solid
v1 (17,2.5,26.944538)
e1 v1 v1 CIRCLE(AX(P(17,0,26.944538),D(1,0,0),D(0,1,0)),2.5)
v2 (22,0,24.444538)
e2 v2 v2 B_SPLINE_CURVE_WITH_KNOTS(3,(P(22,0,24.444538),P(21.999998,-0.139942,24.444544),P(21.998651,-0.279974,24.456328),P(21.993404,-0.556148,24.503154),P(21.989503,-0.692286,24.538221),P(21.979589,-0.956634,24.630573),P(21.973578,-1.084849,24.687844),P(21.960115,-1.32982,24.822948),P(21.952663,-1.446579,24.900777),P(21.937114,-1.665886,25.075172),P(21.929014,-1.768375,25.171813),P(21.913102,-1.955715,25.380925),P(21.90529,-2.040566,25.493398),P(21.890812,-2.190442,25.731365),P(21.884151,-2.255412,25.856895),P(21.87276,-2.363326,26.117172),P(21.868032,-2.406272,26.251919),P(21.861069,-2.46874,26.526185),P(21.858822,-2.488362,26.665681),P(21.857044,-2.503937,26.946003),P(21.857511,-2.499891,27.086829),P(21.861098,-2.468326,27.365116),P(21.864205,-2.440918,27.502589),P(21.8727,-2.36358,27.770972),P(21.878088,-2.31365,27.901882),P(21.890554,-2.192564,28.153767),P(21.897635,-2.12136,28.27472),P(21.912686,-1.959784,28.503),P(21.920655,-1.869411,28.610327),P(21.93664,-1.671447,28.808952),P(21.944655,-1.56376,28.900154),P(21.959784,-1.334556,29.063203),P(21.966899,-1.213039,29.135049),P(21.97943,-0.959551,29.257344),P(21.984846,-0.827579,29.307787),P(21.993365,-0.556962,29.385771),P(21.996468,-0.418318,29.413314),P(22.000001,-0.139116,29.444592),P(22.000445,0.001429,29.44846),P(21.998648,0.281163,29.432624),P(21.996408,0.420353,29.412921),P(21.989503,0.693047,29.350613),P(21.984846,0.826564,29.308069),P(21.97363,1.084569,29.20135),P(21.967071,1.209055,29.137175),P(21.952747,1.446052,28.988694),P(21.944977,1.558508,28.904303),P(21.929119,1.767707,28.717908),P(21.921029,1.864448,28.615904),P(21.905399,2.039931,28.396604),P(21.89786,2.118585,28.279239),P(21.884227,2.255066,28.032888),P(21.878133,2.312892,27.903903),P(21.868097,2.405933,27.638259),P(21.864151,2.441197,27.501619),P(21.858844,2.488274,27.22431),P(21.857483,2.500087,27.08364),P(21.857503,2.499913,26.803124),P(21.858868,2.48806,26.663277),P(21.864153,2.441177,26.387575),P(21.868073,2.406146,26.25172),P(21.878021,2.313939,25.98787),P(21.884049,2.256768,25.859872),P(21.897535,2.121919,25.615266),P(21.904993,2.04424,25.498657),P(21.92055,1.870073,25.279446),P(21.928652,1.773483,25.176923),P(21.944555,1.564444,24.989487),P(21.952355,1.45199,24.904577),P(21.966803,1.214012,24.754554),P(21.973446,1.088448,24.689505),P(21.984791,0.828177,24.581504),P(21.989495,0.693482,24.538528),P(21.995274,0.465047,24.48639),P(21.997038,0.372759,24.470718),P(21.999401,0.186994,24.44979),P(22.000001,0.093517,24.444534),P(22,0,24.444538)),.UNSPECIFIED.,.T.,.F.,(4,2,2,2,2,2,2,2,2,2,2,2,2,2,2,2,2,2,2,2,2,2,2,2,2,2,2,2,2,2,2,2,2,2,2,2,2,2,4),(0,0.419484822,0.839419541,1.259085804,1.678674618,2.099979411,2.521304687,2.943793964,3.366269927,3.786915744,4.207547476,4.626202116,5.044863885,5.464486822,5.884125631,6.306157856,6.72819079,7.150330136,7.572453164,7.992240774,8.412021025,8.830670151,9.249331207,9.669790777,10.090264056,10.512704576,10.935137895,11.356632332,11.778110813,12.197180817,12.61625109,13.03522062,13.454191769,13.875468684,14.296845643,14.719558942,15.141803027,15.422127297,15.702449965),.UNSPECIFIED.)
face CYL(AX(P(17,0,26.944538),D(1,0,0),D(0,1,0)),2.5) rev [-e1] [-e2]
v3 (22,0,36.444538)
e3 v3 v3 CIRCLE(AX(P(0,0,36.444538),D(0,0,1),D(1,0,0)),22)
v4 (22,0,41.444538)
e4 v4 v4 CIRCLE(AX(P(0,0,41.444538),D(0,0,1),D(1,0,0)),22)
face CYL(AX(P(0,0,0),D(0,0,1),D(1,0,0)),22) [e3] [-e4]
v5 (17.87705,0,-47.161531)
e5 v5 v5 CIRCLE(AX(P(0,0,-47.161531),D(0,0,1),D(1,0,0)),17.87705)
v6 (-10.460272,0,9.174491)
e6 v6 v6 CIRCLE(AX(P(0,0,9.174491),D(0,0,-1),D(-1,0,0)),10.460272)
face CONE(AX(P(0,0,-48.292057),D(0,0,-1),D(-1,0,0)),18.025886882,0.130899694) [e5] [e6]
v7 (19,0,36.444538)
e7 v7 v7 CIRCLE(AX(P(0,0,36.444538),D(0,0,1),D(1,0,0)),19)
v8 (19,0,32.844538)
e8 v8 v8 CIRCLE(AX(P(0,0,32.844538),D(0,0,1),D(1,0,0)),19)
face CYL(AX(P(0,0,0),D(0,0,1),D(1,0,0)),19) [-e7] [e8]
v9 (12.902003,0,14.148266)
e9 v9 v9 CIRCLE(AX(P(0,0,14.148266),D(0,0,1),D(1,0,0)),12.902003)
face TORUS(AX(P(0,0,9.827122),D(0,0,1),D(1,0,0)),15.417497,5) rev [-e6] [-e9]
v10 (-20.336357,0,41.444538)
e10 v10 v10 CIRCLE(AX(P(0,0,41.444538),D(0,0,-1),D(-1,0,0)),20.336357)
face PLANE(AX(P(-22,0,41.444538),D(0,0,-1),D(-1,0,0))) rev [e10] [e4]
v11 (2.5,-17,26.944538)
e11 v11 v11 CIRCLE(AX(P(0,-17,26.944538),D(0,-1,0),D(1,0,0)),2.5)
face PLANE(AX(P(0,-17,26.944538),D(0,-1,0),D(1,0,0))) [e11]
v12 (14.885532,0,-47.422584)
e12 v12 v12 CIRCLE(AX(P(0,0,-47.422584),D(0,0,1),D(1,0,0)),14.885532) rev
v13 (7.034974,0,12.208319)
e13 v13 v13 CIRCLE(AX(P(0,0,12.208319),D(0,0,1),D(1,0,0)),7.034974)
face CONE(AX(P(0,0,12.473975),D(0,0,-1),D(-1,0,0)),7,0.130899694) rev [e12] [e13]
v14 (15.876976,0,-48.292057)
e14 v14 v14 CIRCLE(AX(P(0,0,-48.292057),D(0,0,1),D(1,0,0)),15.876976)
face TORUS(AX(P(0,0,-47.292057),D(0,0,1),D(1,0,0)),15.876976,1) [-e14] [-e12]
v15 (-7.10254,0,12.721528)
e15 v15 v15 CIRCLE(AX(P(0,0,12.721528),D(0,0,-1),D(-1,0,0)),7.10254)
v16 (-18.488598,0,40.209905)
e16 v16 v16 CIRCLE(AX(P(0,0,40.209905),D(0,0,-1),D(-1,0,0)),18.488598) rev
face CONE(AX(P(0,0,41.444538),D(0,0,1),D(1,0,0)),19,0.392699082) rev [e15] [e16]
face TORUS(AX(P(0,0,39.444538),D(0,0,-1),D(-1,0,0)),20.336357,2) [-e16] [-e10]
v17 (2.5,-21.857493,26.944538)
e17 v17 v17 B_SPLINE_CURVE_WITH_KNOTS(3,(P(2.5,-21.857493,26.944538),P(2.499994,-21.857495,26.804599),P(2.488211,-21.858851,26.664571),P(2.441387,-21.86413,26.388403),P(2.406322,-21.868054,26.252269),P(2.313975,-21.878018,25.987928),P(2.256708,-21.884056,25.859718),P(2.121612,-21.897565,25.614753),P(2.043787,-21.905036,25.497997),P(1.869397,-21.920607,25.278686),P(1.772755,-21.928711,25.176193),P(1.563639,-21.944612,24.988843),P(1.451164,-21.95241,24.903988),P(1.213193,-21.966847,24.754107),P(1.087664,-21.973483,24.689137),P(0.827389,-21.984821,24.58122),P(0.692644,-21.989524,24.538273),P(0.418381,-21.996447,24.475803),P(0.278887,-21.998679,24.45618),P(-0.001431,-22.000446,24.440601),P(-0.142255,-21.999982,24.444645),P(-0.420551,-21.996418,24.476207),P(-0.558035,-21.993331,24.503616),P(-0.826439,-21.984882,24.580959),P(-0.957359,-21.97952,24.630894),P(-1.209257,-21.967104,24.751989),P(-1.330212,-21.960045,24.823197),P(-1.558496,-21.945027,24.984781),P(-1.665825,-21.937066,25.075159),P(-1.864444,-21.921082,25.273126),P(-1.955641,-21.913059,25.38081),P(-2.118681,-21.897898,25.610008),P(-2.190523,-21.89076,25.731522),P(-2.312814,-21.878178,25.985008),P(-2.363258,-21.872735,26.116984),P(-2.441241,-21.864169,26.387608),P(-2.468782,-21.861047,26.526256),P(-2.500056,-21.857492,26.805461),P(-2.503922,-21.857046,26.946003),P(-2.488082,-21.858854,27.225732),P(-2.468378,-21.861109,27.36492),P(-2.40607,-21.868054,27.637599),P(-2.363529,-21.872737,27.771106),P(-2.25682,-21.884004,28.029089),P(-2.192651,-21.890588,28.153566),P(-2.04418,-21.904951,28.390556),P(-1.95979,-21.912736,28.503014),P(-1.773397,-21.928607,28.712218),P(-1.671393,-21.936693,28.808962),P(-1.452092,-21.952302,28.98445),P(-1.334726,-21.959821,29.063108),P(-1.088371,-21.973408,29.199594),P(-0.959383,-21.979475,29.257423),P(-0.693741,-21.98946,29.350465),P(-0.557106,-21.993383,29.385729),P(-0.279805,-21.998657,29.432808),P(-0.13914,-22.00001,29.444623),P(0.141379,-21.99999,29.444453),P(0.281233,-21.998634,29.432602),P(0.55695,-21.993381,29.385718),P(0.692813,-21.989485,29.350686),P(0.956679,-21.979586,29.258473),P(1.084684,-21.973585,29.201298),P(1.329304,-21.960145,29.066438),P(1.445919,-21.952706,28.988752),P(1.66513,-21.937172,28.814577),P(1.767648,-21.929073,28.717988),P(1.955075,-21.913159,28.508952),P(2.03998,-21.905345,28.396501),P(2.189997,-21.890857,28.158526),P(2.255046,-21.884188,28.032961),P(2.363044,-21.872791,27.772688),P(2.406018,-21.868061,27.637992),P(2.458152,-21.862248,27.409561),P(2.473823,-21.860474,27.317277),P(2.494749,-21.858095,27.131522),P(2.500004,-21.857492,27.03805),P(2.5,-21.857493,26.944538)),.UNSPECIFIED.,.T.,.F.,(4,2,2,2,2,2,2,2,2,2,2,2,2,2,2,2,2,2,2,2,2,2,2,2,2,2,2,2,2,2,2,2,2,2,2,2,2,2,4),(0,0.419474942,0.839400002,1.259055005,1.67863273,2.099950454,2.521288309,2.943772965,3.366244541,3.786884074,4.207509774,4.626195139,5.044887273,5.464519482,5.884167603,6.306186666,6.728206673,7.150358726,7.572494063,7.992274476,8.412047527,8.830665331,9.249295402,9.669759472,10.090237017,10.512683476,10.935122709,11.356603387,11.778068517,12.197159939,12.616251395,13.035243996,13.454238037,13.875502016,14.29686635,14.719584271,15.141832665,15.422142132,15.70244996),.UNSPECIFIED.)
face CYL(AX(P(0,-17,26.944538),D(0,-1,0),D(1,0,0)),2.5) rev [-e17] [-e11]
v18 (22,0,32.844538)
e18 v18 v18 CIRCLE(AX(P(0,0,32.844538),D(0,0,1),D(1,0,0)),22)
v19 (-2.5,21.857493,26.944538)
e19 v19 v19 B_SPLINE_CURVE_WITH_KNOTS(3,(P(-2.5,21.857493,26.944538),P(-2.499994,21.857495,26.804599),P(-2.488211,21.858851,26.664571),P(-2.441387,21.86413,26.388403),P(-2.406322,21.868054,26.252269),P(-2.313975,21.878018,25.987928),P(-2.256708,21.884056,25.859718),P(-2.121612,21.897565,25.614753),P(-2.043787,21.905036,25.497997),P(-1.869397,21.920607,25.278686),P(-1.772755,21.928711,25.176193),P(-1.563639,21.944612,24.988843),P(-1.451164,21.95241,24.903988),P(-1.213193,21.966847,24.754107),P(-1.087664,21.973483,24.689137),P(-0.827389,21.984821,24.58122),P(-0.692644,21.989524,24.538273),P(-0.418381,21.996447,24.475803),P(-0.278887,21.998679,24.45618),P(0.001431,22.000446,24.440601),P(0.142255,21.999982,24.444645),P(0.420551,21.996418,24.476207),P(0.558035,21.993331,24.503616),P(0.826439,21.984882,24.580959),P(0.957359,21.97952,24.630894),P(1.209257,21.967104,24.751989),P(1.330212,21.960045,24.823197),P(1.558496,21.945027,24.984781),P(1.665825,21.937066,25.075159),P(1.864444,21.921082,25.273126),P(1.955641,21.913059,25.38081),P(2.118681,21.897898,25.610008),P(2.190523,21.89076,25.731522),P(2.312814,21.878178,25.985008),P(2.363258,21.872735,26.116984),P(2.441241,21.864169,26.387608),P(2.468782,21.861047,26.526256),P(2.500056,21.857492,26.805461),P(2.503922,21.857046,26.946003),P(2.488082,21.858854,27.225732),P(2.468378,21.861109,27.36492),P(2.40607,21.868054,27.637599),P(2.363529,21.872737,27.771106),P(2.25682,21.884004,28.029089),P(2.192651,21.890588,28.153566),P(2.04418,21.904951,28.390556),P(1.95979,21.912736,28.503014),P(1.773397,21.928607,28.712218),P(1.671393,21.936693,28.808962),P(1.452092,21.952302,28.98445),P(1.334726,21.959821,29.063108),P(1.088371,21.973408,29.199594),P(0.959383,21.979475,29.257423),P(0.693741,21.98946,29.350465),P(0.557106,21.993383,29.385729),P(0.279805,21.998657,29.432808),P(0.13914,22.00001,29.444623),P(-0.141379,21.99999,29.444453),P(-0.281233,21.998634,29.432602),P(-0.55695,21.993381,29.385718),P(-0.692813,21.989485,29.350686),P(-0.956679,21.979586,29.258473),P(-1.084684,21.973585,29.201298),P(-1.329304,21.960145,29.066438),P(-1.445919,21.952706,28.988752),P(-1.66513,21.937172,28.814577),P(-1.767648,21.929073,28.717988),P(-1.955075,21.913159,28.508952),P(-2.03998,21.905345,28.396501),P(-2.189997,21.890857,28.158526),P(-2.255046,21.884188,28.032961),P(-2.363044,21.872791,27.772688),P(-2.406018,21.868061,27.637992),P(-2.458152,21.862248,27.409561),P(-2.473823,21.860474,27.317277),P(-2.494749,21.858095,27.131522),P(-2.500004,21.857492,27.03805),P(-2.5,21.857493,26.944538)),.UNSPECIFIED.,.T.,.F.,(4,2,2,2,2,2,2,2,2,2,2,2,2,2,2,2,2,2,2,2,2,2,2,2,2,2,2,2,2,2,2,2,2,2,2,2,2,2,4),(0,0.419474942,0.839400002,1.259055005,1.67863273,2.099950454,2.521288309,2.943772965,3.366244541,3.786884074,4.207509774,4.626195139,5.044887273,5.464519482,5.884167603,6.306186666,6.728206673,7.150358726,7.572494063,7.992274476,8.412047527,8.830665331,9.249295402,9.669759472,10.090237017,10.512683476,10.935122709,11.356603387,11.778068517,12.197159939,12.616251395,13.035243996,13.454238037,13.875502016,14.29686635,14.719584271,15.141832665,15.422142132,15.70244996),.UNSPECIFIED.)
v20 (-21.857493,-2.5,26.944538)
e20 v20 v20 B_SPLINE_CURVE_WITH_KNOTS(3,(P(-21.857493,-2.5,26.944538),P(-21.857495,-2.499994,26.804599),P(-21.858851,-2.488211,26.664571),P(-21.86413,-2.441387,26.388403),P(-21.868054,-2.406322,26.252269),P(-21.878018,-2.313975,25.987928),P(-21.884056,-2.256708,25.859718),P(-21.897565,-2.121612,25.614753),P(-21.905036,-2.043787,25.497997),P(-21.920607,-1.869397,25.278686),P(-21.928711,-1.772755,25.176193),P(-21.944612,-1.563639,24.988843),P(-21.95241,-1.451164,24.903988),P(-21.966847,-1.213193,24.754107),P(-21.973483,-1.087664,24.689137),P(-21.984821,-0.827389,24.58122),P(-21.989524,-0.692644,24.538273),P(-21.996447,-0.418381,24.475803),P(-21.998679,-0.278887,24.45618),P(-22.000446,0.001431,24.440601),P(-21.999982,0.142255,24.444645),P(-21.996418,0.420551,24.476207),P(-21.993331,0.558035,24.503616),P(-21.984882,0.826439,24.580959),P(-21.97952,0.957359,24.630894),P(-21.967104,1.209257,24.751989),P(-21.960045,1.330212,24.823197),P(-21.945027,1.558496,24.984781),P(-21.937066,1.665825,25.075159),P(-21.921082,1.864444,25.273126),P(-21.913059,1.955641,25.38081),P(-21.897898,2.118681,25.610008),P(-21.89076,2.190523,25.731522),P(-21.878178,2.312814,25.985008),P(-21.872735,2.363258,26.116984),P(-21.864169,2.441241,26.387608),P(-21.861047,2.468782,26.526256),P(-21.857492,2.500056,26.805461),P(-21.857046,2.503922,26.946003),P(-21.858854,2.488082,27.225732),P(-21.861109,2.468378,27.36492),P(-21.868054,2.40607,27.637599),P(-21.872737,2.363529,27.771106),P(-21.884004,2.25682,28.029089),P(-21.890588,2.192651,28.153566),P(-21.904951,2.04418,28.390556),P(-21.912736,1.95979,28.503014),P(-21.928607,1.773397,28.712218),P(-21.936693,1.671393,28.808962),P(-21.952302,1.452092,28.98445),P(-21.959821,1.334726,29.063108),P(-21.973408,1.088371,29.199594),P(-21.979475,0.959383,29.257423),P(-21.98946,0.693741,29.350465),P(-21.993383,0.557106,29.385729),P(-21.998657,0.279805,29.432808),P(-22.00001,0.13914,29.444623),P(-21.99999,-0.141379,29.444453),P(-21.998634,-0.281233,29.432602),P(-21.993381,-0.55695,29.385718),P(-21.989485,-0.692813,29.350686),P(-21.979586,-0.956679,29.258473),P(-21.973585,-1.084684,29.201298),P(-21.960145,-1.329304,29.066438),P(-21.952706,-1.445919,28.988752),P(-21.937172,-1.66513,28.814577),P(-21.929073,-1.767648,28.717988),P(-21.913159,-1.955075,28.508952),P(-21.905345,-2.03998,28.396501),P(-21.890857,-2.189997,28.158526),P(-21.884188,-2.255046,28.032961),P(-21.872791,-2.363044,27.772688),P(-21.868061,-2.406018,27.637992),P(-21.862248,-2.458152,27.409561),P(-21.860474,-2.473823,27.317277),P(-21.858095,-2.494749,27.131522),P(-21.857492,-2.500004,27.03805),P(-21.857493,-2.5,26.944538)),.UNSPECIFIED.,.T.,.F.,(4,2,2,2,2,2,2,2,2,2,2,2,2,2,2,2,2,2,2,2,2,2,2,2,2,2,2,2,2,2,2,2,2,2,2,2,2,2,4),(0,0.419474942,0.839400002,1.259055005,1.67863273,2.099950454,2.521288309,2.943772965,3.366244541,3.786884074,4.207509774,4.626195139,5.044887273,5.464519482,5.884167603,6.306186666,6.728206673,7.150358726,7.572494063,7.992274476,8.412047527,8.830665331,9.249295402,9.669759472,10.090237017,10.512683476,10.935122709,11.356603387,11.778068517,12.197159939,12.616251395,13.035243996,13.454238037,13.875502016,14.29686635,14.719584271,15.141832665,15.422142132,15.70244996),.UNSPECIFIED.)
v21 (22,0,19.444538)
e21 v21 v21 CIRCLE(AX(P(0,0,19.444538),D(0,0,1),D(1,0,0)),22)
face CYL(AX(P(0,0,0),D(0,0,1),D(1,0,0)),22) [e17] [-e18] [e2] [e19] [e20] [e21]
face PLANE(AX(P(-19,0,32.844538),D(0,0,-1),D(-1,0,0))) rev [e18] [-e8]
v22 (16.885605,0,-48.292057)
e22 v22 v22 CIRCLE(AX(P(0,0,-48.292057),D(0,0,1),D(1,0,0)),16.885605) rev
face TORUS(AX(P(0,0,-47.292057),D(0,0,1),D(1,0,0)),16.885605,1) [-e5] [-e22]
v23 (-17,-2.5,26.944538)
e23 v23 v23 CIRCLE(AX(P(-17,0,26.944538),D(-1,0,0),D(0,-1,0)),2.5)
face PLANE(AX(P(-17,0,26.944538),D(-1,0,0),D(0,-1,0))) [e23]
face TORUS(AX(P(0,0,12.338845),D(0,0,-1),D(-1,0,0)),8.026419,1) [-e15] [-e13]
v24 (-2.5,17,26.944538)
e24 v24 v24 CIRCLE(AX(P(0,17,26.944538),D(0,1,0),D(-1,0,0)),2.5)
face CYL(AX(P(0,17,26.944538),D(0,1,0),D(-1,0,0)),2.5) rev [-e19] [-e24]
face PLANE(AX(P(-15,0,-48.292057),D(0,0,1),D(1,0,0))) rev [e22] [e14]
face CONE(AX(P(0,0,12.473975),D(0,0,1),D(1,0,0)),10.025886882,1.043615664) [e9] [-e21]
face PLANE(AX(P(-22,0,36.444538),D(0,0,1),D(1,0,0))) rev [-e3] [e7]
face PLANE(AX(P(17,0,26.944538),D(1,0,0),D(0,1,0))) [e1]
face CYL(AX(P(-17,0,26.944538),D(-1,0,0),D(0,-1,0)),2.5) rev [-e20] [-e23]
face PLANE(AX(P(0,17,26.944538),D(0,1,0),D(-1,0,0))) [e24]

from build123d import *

# Parameters (mm, degrees)
FILETE5_R             = 1
ESBO_O2_R             = 2.5
CORTE_EXTRUS_O1_DEPTH = 5
PADR_OCIRCULAR1_COUNT = 4
FILETE6_R             = 5
FILETE7_R             = 1
FILETE8_R             = 2


with BuildPart() as part:
    # Esboço1 → Revolução1 (revolve)
    with BuildSketch(Plane(origin=(0, 0, 0), x_dir=(1, 0, 0), z_dir=(0, 1, 0))):
        Polygon((-7, -12.473975434), (-15, 48.292057468), (-18.025886882, 48.292057468), (-10.025886882, -12.473975434), (-22, -19.444538182), (-22, -32.844538182), (-19, -32.844538182), (-19, -36.444538182), (-22, -36.444538182), (-22, -41.444538182), (-19, -41.444538182), align=None)
    revolve(axis=Axis((0, 0, 0), (0, 0, -1)))

    # Filete5
    filete5_edges = [part.edges().sort_by_distance(p)[0] for p in [
        (7, 0, 12.473975434),
    ]]
    fillet(filete5_edges, radius=FILETE5_R)

    # Esboço2 → Corte-extrusão1 (cut)
    with BuildSketch(Plane.ZX.offset(22)):
        with Locations((26.944538182, 0)):
            Circle(ESBO_O2_R)
    corte_extrus_o1 = extrude(amount=-CORTE_EXTRUS_O1_DEPTH, mode=Mode.SUBTRACT)

    # PadrãoCircular1: Corte-extrusão1 ×4 about axis
    padr_ocircular1_axis = Axis((0, 0, 41.444538182), (0, 0, 1))
    for i in range(1, PADR_OCIRCULAR1_COUNT):
        add(corte_extrus_o1.rotate(padr_ocircular1_axis, i * 360 / PADR_OCIRCULAR1_COUNT), mode=Mode.SUBTRACT)

    # Filete6
    filete6_edges = [part.edges().sort_by_distance(p)[0] for p in [
        (10.025886882, 0, 12.473975434),
    ]]
    fillet(filete6_edges, radius=FILETE6_R)

    # Filete7
    filete7_edges = [part.edges().sort_by_distance(p)[0] for p in [
        (15, 0, -48.292057468),
        (18.025886882, 0, -48.292057468),
    ]]
    fillet(filete7_edges, radius=FILETE7_R)

    # Filete8
    filete8_edges = [part.edges().sort_by_distance(p)[0] for p in [
        (19, 0, 41.444538182),
    ]]
    fillet(filete8_edges, radius=FILETE8_R)


solid = part.part
